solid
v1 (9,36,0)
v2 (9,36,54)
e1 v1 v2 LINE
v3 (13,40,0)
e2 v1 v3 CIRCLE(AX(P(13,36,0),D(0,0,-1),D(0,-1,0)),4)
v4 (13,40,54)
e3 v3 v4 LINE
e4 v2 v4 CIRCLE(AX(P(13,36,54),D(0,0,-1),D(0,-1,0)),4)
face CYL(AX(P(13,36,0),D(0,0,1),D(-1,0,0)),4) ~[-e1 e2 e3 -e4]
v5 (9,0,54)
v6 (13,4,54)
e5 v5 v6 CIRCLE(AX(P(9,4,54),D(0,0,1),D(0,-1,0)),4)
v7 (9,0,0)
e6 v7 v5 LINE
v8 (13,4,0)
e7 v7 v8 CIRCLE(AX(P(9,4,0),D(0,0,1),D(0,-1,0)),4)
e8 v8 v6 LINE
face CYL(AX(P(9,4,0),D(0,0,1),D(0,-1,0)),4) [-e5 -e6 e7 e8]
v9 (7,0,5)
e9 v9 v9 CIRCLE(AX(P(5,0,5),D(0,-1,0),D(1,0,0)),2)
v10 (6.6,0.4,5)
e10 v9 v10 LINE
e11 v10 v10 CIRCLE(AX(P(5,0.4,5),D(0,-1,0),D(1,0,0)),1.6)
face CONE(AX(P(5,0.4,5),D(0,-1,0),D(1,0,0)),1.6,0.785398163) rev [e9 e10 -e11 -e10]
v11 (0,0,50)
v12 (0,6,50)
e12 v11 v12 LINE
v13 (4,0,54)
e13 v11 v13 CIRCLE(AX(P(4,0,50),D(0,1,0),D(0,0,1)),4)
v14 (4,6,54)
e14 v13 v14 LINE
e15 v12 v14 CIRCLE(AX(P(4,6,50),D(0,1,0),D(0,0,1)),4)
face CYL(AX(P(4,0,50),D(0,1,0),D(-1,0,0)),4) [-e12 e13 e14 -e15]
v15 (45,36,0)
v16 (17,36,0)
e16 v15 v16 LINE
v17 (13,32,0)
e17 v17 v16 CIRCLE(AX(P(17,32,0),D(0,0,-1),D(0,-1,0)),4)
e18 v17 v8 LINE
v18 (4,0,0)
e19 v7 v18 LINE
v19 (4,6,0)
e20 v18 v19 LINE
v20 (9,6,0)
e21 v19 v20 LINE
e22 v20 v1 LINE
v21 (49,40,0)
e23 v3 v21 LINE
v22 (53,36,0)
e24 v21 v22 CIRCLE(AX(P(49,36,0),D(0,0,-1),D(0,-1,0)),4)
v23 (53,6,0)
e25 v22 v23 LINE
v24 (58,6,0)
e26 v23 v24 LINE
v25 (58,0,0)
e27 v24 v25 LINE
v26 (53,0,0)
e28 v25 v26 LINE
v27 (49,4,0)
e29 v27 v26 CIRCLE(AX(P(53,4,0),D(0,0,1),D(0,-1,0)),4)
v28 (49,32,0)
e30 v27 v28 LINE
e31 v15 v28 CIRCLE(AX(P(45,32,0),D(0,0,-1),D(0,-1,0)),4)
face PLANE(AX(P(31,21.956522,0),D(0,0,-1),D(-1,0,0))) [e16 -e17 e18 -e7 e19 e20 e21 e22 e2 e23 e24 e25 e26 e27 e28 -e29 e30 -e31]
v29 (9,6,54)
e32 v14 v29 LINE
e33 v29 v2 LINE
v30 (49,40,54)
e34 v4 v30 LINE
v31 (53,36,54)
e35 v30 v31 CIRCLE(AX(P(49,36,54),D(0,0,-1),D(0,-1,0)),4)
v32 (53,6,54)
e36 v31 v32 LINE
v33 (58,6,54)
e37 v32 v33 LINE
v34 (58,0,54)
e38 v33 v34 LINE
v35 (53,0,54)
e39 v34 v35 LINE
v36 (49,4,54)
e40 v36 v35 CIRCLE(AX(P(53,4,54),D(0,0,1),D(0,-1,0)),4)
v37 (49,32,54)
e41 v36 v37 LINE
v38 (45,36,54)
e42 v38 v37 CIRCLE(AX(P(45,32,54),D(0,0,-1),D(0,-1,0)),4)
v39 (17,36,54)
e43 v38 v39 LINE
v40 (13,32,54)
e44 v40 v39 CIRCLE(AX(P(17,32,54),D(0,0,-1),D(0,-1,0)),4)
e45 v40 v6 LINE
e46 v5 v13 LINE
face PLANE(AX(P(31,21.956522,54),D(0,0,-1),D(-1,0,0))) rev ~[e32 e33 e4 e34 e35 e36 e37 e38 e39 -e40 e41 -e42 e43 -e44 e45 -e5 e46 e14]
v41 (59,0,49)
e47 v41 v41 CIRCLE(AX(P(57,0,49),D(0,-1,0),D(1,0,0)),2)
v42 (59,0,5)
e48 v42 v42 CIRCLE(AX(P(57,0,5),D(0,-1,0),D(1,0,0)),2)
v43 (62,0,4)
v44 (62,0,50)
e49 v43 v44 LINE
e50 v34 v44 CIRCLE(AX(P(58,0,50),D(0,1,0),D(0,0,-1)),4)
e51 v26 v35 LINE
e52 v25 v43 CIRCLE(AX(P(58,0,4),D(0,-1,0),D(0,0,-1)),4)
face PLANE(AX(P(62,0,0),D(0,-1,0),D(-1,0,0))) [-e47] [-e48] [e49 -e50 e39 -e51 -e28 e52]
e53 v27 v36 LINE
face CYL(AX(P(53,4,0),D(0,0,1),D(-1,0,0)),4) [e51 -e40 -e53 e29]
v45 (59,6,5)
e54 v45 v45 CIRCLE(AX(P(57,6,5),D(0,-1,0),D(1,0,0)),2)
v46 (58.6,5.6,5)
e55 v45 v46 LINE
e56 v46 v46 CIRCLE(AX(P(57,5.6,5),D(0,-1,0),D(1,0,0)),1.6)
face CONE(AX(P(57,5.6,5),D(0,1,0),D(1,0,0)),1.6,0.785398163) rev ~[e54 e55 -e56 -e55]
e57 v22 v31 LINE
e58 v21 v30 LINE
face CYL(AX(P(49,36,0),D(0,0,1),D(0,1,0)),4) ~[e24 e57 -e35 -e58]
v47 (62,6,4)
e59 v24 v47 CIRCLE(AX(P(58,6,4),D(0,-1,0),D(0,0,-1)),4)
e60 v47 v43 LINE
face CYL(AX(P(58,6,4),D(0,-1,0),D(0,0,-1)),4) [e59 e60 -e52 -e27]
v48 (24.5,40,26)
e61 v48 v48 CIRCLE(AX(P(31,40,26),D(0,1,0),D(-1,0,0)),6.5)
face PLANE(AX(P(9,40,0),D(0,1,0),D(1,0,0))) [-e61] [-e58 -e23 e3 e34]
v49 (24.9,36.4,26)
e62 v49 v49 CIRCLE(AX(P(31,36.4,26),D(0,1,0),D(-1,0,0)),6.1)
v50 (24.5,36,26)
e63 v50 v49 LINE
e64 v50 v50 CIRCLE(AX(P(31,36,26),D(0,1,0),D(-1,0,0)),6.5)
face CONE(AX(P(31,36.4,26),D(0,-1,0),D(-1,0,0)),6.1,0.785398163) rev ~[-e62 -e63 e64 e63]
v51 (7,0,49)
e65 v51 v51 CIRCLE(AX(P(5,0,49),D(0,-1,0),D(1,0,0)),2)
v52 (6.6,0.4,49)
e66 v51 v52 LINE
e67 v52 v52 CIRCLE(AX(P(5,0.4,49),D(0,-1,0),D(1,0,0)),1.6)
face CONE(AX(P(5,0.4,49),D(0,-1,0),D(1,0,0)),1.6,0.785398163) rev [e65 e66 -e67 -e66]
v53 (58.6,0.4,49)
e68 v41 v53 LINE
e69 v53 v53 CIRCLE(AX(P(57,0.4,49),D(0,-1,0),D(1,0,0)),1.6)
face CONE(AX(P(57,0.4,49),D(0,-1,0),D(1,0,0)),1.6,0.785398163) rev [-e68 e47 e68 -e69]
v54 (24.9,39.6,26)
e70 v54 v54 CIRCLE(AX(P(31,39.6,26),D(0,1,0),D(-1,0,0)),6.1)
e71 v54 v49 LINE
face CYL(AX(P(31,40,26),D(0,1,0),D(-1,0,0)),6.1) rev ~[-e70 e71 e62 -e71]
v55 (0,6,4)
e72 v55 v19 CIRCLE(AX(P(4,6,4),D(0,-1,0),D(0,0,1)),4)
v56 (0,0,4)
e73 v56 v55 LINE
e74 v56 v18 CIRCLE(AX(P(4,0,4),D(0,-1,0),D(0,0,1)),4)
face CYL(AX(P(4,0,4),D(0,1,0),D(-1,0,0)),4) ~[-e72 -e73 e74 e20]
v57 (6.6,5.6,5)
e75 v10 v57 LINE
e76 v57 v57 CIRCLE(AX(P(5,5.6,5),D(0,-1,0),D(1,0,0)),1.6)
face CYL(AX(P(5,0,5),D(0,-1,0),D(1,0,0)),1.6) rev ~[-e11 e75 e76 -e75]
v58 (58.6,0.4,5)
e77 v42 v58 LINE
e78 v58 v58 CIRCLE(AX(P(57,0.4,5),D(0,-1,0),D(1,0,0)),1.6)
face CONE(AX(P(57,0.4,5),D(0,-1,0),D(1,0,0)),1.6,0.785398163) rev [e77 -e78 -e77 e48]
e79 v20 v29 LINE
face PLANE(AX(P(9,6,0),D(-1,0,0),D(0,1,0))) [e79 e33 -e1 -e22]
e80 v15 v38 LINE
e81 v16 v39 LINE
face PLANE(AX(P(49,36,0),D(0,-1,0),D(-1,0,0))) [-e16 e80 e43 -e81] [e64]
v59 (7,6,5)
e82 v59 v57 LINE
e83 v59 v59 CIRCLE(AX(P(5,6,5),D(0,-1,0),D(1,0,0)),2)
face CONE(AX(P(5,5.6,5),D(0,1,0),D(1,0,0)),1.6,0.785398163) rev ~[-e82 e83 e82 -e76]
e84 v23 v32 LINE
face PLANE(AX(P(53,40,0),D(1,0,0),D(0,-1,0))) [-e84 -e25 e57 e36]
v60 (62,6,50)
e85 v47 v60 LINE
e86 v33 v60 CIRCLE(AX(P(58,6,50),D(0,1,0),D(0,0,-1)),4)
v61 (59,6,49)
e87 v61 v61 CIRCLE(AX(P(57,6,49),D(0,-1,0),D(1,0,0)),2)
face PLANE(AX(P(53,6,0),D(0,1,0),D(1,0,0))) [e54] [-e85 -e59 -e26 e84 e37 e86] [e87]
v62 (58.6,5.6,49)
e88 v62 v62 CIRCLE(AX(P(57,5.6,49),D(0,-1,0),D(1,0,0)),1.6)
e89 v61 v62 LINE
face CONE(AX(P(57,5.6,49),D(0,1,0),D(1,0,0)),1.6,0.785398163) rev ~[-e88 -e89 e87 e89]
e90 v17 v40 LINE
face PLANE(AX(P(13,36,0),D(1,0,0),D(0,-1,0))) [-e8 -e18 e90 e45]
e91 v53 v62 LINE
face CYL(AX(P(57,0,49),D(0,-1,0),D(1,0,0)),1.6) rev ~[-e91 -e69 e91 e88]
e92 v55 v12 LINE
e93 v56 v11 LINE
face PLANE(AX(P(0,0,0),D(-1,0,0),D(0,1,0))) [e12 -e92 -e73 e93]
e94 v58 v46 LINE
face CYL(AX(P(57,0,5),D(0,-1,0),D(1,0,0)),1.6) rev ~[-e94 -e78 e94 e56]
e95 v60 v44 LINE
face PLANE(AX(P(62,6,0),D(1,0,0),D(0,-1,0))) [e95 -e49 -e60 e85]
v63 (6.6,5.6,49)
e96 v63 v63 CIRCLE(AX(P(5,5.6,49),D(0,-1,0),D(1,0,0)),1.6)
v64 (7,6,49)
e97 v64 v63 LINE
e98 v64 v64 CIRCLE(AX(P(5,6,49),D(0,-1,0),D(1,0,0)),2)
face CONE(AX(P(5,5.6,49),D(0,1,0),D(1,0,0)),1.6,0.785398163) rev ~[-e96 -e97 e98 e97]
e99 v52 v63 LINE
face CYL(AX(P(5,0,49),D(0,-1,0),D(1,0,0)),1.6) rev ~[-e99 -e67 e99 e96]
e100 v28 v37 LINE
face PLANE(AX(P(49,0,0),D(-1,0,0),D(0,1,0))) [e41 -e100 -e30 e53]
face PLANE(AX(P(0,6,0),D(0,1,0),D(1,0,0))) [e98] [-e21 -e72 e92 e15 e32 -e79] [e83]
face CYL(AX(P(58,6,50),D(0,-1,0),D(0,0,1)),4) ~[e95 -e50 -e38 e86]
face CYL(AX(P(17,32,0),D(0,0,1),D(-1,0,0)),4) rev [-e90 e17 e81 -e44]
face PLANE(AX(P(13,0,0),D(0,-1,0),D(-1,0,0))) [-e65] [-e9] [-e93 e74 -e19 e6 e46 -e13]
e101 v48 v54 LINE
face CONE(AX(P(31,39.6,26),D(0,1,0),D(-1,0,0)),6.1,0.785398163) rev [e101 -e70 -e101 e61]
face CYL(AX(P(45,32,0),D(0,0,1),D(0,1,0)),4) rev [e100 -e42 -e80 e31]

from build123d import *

# Parameters (mm, degrees)
PAD_DEPTH       = 54
SKETCH001_R     = 1.6
POCKET_DEPTH    = 6
SKETCH002_R     = 6.1
POCKET001_DEPTH = 5
FILLET_R        = 4
FILLET001_R     = 4
FILLET002_R     = 4
FILLET003_R     = 4
CHAMFER_SIZE    = 0.4
CHAMFER001_SIZE = 0.4
CHAMFER002_SIZE = 0.4
CHAMFER003_SIZE = 0.4


with BuildPart() as part:
    # Sketch → Pad (new body)
    with BuildSketch(Plane.XY):
        Polygon((0, 0), (0, 6), (9, 6), (9, 40), (53, 40), (53, 6), (62, 6), (62, 0), (49, 0), (49, 36), (13, 36), (13, 0), align=None)
    extrude(amount=PAD_DEPTH)

    # Sketch001 (on Face8 of Pad) → Pocket (cut)
    with BuildSketch(Plane.XZ):
        with Locations((5, 5)):
            Circle(SKETCH001_R)
        with Locations((57, 5)):
            Circle(SKETCH001_R)
        with Locations((57, 49)):
            Circle(SKETCH001_R)
        with Locations((5, 49)):
            Circle(SKETCH001_R)
    extrude(amount=-POCKET_DEPTH, mode=Mode.SUBTRACT)

    # Sketch002 (on Face10 of Pocket) → Pocket001 (cut)
    with BuildSketch(Plane(origin=(0, 40, 0), x_dir=(-1, 0, 0), z_dir=(0, 1, 0))):
        with Locations((-31, 26)):
            Circle(SKETCH002_R)
    extrude(amount=-POCKET001_DEPTH, mode=Mode.SUBTRACT)

    # Fillet
    fillet_edges = [part.edges().sort_by_distance(p)[0] for p in [
        (62, 3, 0),
        (62, 3, 54),
        (0, 3, 54),
        (0, 3, 0),
    ]]
    fillet(fillet_edges, radius=FILLET_R)

    # Fillet001
    fillet001_edges = [part.edges().sort_by_distance(p)[0] for p in [
        (53, 40, 27),
        (9, 40, 27),
    ]]
    fillet(fillet001_edges, radius=FILLET001_R)

    # Fillet002
    fillet002_edges = [part.edges().sort_by_distance(p)[0] for p in [
        (49, 0, 27),
        (13, 0, 27),
    ]]
    fillet(fillet002_edges, radius=FILLET002_R)

    # Fillet003
    fillet003_edges = [part.edges().sort_by_distance(p)[0] for p in [
        (49, 36, 27),
        (13, 36, 27),
    ]]
    fillet(fillet003_edges, radius=FILLET003_R)

    # Chamfer
    chamfer_edges = [part.edges().sort_by_distance(p)[0] for p in [
        (37.1, 40, 26),
    ]]
    chamfer(chamfer_edges, length=CHAMFER_SIZE)

    # Chamfer001
    chamfer001_edges = [part.edges().sort_by_distance(p)[0] for p in [
        (55.4, 6, 5),
        (55.4, 6, 49),
        (3.4, 6, 5),
        (3.4, 6, 49),
    ]]
    chamfer(chamfer001_edges, length=CHAMFER001_SIZE)

    # Chamfer002
    chamfer002_edges = [part.edges().sort_by_distance(p)[0] for p in [
        (37.1, 36, 26),
    ]]
    chamfer(chamfer002_edges, length=CHAMFER002_SIZE)

    # Chamfer003
    chamfer003_edges = [part.edges().sort_by_distance(p)[0] for p in [
        (3.4, 0, 49),
        (3.4, 0, 5),
        (55.4, 0, 49),
        (55.4, 0, 5),
    ]]
    chamfer(chamfer003_edges, length=CHAMFER003_SIZE)


solid = part.part
